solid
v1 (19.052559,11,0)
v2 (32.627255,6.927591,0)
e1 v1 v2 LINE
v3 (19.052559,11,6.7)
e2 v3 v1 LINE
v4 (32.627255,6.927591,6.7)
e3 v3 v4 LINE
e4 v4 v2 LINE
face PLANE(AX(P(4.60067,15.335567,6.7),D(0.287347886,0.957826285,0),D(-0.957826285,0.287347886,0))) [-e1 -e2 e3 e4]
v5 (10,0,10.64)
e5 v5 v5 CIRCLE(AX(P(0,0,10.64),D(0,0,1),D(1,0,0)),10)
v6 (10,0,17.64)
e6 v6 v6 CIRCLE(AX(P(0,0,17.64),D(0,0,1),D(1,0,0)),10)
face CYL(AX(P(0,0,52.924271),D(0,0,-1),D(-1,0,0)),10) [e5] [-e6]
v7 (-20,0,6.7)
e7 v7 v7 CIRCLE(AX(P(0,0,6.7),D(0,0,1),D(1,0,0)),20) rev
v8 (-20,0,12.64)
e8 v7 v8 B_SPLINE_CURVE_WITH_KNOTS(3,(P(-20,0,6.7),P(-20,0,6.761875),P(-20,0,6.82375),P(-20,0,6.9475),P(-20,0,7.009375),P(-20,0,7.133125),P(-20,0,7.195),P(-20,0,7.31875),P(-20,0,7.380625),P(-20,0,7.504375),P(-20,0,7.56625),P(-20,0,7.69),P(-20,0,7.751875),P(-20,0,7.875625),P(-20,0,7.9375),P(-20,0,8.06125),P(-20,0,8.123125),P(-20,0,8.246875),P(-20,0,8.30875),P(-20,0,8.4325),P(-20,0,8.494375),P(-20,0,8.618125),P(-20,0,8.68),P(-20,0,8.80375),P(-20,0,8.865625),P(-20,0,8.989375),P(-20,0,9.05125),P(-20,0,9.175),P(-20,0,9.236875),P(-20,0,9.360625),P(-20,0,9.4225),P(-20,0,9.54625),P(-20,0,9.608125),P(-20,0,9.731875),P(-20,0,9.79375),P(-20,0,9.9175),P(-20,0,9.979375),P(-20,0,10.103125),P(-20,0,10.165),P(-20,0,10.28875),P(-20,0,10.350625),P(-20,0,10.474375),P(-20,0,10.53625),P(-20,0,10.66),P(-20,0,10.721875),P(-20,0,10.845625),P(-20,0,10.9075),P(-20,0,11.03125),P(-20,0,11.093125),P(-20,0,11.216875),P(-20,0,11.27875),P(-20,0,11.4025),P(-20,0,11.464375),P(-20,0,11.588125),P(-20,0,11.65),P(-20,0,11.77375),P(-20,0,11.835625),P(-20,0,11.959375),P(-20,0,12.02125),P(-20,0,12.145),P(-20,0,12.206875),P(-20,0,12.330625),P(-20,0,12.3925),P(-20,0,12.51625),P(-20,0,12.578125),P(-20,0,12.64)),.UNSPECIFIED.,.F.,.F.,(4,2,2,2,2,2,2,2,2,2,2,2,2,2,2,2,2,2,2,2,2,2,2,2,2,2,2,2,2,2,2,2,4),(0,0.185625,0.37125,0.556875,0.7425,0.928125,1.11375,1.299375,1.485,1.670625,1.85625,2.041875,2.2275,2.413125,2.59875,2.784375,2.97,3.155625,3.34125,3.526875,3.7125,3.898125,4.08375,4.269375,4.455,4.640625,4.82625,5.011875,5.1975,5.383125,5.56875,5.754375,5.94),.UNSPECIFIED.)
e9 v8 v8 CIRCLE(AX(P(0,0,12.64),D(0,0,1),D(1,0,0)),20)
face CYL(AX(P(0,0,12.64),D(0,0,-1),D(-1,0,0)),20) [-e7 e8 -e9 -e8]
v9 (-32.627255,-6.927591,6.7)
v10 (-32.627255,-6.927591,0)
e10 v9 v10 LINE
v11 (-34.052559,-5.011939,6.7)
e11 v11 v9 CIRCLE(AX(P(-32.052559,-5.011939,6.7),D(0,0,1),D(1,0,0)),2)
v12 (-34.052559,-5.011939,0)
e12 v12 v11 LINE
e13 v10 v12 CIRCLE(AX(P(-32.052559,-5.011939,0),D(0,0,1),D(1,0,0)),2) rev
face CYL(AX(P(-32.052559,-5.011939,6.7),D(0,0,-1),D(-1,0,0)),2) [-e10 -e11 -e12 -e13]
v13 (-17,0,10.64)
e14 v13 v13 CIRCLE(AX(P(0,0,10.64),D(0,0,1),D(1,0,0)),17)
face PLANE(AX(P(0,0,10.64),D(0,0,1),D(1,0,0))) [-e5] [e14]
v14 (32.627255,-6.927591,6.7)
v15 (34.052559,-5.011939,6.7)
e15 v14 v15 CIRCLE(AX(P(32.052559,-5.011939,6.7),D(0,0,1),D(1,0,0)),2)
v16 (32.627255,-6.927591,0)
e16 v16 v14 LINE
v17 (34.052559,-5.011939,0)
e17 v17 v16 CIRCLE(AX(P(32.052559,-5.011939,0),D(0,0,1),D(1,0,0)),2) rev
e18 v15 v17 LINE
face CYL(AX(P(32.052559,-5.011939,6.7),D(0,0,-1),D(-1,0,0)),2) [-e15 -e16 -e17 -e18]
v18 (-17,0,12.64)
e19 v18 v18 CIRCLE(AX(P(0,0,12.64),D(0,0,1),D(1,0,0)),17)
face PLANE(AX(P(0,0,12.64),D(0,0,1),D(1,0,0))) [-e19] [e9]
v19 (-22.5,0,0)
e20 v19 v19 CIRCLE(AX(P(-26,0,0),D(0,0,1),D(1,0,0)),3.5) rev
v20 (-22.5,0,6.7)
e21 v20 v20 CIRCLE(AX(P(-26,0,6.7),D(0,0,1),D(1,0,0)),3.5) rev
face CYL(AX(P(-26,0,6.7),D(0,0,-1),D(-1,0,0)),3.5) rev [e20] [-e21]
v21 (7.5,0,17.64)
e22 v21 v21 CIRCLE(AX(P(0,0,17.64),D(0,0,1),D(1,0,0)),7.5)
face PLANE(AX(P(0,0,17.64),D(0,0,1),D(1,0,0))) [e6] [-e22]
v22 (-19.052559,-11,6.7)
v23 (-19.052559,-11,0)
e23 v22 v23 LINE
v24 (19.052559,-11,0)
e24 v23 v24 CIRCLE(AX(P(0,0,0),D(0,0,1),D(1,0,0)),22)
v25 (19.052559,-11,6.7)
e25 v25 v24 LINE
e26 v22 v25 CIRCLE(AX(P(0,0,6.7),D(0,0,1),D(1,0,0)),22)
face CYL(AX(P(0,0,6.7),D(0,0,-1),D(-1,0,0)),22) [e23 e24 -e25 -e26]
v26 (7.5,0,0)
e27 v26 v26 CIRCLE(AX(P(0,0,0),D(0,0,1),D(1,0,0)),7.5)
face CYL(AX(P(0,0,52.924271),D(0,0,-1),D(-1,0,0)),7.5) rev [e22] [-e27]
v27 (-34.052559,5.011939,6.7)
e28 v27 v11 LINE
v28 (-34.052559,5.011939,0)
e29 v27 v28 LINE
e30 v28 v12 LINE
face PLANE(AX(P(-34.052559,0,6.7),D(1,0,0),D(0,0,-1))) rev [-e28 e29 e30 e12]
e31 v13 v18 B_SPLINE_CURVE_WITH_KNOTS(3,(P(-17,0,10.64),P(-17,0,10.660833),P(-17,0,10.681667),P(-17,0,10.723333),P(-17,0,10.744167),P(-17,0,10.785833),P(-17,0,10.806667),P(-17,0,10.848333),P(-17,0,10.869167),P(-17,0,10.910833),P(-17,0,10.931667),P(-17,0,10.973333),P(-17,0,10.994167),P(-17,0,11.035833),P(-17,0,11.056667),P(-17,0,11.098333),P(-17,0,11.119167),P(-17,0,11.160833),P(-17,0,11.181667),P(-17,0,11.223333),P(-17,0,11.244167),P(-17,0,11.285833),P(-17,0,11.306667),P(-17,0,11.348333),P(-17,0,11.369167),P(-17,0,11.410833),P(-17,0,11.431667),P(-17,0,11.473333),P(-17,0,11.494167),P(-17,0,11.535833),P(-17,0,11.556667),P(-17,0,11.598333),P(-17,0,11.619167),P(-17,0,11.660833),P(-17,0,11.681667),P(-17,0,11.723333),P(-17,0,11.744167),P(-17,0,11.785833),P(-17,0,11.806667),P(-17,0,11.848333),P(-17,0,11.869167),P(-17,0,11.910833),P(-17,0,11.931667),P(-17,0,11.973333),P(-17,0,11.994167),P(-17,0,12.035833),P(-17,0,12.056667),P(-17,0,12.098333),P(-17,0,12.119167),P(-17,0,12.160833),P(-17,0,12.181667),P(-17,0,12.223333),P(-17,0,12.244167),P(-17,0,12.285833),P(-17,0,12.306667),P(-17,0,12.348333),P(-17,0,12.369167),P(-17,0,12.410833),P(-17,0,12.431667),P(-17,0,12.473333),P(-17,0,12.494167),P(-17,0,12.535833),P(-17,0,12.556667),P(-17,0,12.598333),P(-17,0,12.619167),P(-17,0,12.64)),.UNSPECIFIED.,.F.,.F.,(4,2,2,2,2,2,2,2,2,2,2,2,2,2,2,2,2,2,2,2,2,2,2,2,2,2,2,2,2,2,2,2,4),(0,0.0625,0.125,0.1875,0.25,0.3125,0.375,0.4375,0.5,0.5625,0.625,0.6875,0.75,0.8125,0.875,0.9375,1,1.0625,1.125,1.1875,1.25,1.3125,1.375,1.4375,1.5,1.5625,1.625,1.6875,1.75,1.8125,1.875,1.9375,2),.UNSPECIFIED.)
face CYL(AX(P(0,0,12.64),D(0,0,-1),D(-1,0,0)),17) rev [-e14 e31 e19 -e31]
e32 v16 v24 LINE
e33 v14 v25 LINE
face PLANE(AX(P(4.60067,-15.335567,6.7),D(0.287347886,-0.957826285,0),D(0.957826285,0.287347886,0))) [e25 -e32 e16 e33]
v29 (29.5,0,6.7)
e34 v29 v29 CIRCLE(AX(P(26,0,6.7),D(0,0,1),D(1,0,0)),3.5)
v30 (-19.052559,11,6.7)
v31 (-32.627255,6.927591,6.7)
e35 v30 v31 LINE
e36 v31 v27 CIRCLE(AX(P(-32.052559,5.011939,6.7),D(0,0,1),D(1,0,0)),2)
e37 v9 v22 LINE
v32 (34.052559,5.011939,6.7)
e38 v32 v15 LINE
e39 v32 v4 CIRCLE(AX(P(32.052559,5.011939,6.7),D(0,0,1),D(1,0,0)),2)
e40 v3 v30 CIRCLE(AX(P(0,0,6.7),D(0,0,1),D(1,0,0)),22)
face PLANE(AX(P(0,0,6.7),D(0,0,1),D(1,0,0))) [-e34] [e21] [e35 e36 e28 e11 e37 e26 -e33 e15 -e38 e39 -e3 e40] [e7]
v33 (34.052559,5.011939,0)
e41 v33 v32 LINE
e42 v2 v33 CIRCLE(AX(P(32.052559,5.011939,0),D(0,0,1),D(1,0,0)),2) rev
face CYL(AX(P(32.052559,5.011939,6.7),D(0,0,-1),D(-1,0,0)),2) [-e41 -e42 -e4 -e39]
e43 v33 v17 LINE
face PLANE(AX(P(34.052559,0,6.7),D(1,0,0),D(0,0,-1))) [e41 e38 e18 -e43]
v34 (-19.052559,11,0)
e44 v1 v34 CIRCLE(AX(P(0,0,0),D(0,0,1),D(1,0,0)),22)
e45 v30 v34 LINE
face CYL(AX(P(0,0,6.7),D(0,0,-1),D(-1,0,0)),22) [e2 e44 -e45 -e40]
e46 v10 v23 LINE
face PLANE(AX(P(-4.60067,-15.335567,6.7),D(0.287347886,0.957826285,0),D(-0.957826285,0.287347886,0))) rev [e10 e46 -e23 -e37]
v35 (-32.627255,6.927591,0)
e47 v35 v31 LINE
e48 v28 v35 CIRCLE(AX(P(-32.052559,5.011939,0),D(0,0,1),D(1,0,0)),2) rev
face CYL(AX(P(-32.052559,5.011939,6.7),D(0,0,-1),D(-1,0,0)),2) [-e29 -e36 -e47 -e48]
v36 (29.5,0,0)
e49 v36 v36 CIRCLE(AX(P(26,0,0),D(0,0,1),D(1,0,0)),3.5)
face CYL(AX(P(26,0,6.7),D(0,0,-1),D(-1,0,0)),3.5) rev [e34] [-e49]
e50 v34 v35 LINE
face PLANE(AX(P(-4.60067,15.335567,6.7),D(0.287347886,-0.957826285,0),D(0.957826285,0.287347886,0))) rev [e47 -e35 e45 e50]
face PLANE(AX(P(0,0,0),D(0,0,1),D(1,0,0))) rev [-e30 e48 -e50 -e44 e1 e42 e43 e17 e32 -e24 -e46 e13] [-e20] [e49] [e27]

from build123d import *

# Parameters (mm, degrees)
SKETCH_1_R      = 10
SKETCH_1_R_2    = 3.5
EXTRUDE_1_DEPTH = 6.7
SKETCH_1_4_R    = 20
SKETCH_1_4_R_2  = 17
EXTRUDE_2_DEPTH = 12.64
SKETCH_1_5_R    = 17
SKETCH_1_5_R_2  = 10
EXTRUDE_3_DEPTH = 10.64
SKETCH_1_6_R    = 10
SKETCH_1_6_R_2  = 7.5
EXTRUDE_4_DEPTH = 17.64
FILLET_1_R      = 2


with BuildPart() as part:
    # 스케치1 → 보스-돌출1 (new body)
    with BuildSketch(Plane.XY):
        with BuildLine():
            Line((19.052558883, 11), (34.052558883, 6.5))
            Line((34.052558883, 6.5), (34.052558883, -6.5))
            Line((34.052558883, -6.5), (19.052558883, -11))
            ThreePointArc((19.052558883, -11), (0, -22), (-19.052558883, -11))
            Line((-19.052558883, -11), (-34.052558883, -6.5))
            Line((-34.052558883, -6.5), (-34.052558883, 6.5))
            Line((-34.052558883, 6.5), (-19.052558883, 11))
            ThreePointArc((-19.052558883, 11), (0, 22), (19.052558883, 11))
        make_face()
        Circle(SKETCH_1_R, mode=Mode.SUBTRACT)
        with Locations((26, 0)):
            Circle(SKETCH_1_R_2, mode=Mode.SUBTRACT)
        with Locations((-26, 0)):
            Circle(SKETCH_1_R_2, mode=Mode.SUBTRACT)
    extrude(amount=EXTRUDE_1_DEPTH)

    # 스케치1<4> → 보스-돌출2 (add)
    with BuildSketch(Plane.XY):
        with Locations(Location((0, 0, 0), (0, 0, 180))):
            Circle(SKETCH_1_4_R)
        with Locations(Location((0, 0, 0), (0, 0, 180))):
            Circle(SKETCH_1_4_R_2, mode=Mode.SUBTRACT)
    extrude(amount=EXTRUDE_2_DEPTH)

    # 스케치1<5> → 보스-돌출3 (add)
    with BuildSketch(Plane.XY):
        with Locations(Location((0, 0, 0), (0, 0, 180))):
            Circle(SKETCH_1_5_R)
        Circle(SKETCH_1_5_R_2, mode=Mode.SUBTRACT)
    extrude(amount=EXTRUDE_3_DEPTH)

    # 스케치1<6> → 보스-돌출4 (add)
    with BuildSketch(Plane.XY):
        Circle(SKETCH_1_6_R)
        Circle(SKETCH_1_6_R_2, mode=Mode.SUBTRACT)
    extrude(amount=EXTRUDE_4_DEPTH)

    # 필렛1
    fillet_1_edges = [part.edges().sort_by_distance(p)[0] for p in [
        (-34.052558883, -6.5, 3.35),
        (-34.052558883, 6.5, 3.35),
        (34.052558883, 6.5, 3.35),
        (34.052558883, -6.5, 3.35),
    ]]
    fillet(fillet_1_edges, radius=FILLET_1_R)


solid = part.part
